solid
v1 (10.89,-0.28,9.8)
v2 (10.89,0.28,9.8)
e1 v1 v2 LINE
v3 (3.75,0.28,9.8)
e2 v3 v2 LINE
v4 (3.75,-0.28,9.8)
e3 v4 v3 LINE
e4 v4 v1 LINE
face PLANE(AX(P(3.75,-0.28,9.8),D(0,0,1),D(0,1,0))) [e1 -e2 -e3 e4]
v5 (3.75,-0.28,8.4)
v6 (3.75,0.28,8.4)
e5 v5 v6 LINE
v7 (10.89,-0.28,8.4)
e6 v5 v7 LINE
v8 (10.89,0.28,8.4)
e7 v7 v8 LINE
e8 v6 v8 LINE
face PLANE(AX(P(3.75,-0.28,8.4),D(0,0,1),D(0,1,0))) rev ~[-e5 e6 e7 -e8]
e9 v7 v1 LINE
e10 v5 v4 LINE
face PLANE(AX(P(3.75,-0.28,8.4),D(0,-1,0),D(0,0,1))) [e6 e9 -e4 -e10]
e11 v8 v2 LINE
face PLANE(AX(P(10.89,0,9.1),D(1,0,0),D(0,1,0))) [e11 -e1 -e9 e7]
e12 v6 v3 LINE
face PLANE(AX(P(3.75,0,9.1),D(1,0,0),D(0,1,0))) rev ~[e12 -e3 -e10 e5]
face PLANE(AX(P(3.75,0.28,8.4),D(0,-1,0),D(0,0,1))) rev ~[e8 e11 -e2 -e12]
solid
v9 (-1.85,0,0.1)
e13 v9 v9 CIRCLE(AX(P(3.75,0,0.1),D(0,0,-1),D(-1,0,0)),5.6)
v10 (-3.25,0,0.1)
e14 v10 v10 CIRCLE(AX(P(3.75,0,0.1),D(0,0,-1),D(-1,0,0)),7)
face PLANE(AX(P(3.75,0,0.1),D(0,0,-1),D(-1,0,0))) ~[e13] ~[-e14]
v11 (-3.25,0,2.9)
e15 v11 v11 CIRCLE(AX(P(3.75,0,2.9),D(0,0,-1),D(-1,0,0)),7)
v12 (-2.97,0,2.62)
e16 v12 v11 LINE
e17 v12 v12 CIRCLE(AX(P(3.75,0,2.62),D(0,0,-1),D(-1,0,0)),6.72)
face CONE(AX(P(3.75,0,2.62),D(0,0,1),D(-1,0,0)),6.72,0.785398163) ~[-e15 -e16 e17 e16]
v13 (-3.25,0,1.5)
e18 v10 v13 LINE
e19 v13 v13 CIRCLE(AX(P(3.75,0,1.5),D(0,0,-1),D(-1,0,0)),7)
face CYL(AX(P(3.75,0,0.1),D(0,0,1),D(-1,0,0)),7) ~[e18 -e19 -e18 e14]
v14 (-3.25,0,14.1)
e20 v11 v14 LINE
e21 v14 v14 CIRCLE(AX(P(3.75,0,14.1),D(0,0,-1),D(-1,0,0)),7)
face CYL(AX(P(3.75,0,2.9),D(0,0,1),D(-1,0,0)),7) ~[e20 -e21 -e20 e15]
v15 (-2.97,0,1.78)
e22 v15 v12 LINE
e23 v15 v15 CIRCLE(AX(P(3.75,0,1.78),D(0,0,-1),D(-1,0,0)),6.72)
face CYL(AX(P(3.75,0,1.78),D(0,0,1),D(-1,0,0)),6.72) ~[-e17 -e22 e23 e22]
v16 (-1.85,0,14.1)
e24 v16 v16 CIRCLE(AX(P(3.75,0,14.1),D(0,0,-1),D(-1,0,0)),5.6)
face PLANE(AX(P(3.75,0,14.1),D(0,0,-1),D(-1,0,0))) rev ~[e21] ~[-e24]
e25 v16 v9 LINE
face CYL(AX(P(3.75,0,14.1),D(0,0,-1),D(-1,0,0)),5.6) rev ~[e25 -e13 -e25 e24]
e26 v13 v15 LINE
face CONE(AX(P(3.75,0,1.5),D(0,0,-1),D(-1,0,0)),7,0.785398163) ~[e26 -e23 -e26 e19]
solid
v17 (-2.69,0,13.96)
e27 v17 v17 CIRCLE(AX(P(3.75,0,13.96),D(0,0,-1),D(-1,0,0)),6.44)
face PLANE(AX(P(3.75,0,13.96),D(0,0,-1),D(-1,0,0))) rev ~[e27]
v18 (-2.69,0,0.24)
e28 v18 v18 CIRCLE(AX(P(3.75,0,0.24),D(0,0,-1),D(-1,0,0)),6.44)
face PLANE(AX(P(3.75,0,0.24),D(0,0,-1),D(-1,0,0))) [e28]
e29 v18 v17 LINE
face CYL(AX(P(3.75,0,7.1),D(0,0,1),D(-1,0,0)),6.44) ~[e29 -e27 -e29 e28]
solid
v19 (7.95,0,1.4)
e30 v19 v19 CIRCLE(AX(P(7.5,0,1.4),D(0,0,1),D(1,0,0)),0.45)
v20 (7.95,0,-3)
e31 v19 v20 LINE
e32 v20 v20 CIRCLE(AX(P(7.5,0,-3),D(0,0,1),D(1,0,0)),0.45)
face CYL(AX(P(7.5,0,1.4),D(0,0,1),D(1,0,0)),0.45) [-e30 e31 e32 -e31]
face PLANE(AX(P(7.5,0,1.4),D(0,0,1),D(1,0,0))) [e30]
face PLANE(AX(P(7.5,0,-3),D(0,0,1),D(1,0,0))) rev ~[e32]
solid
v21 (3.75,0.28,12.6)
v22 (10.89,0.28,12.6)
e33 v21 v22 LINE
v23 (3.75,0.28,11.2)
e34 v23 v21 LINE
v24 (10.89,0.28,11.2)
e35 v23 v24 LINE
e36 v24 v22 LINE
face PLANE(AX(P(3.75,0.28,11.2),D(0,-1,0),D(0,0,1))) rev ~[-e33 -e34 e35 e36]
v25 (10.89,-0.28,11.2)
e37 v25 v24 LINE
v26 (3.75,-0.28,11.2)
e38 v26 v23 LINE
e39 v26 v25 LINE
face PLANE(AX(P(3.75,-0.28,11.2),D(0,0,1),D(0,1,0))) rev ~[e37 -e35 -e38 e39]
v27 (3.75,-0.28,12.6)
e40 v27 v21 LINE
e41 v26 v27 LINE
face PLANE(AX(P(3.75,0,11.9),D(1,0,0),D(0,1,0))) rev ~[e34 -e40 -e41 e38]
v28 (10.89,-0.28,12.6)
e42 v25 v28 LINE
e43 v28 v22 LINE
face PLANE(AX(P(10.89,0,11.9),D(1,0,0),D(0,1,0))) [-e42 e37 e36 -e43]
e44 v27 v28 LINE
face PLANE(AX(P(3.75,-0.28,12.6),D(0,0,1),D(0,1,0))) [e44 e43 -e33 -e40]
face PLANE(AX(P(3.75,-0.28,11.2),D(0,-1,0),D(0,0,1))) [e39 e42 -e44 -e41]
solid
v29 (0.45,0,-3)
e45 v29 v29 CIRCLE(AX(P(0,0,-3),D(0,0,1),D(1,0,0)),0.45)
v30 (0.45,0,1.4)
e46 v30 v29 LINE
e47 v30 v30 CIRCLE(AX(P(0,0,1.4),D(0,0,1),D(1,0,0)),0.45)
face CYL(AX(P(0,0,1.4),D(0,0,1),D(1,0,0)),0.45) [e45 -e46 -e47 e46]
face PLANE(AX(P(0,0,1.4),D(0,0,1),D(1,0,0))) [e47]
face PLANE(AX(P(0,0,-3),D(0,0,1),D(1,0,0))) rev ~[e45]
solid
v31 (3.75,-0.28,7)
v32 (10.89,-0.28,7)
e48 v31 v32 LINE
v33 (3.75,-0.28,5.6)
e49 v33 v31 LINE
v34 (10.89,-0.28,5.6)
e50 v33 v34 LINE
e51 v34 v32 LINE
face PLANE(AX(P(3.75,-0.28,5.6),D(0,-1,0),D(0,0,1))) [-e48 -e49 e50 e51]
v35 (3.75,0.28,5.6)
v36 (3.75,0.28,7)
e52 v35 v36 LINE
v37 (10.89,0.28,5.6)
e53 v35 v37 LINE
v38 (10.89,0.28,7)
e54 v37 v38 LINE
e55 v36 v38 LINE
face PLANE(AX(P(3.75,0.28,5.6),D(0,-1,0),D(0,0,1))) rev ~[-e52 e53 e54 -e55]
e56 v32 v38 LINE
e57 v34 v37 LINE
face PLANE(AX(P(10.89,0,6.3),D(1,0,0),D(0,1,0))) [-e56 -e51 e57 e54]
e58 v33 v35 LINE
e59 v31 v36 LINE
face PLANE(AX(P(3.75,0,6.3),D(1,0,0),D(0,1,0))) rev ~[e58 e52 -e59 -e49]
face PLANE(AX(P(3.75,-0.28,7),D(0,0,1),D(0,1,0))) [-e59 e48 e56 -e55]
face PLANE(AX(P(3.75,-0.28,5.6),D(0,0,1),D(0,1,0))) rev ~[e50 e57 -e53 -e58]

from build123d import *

# Parameters (mm, degrees)
SKETCH002_W  = 6.44
SKETCH002_H  = 13.72
SKETCH003_R  = 0.45
PAD_DEPTH    = 4.4
SKETCH004_W  = 0.56
SKETCH004_H  = 1.4
PAD001_DEPTH = 7.14


with BuildPart() as revolution:
    # Sketch → Revolution (revolve)
    with BuildSketch(Plane.XZ):
        Polygon((-3.25, 0.1), (-3.25, 1.5), (-2.97, 1.78), (-2.97, 2.62), (-3.25, 2.9), (-3.25, 14.1), (-1.85, 14.1), (-1.85, 0.1), align=None)
    revolve(axis=Axis((3.75, 0, 7.548619), (0, 0, -1)))


with BuildPart() as revolution001:
    # Sketch002 → Revolution001 (revolve)
    with BuildSketch(Plane.XZ):
        with Locations((0.53, 7.1)):
            Rectangle(SKETCH002_W, SKETCH002_H)
    revolve(axis=Axis((3.75, 0, 4.680116), (0, 0, -1)))


with BuildPart() as pad:
    # Sketch003 → Pad (new body)
    with BuildSketch(Plane.XY.offset(1.4)):
        Circle(SKETCH003_R)
        with Locations((7.5, 0)):
            Circle(SKETCH003_R)
    extrude(amount=-PAD_DEPTH)


with BuildPart() as pad001:
    # Sketch004 → Pad001 (new body)
    with BuildSketch(Plane.YZ.offset(3.75)):
        with Locations((0, 6.3)):
            Rectangle(SKETCH004_W, SKETCH004_H)
        with Locations((0, 9.1)):
            Rectangle(SKETCH004_W, SKETCH004_H)
        with Locations((0, 11.9)):
            Rectangle(SKETCH004_W, SKETCH004_H)
    extrude(amount=PAD001_DEPTH)


solid = Compound([revolution.part, revolution001.part, pad.part, pad001.part])
